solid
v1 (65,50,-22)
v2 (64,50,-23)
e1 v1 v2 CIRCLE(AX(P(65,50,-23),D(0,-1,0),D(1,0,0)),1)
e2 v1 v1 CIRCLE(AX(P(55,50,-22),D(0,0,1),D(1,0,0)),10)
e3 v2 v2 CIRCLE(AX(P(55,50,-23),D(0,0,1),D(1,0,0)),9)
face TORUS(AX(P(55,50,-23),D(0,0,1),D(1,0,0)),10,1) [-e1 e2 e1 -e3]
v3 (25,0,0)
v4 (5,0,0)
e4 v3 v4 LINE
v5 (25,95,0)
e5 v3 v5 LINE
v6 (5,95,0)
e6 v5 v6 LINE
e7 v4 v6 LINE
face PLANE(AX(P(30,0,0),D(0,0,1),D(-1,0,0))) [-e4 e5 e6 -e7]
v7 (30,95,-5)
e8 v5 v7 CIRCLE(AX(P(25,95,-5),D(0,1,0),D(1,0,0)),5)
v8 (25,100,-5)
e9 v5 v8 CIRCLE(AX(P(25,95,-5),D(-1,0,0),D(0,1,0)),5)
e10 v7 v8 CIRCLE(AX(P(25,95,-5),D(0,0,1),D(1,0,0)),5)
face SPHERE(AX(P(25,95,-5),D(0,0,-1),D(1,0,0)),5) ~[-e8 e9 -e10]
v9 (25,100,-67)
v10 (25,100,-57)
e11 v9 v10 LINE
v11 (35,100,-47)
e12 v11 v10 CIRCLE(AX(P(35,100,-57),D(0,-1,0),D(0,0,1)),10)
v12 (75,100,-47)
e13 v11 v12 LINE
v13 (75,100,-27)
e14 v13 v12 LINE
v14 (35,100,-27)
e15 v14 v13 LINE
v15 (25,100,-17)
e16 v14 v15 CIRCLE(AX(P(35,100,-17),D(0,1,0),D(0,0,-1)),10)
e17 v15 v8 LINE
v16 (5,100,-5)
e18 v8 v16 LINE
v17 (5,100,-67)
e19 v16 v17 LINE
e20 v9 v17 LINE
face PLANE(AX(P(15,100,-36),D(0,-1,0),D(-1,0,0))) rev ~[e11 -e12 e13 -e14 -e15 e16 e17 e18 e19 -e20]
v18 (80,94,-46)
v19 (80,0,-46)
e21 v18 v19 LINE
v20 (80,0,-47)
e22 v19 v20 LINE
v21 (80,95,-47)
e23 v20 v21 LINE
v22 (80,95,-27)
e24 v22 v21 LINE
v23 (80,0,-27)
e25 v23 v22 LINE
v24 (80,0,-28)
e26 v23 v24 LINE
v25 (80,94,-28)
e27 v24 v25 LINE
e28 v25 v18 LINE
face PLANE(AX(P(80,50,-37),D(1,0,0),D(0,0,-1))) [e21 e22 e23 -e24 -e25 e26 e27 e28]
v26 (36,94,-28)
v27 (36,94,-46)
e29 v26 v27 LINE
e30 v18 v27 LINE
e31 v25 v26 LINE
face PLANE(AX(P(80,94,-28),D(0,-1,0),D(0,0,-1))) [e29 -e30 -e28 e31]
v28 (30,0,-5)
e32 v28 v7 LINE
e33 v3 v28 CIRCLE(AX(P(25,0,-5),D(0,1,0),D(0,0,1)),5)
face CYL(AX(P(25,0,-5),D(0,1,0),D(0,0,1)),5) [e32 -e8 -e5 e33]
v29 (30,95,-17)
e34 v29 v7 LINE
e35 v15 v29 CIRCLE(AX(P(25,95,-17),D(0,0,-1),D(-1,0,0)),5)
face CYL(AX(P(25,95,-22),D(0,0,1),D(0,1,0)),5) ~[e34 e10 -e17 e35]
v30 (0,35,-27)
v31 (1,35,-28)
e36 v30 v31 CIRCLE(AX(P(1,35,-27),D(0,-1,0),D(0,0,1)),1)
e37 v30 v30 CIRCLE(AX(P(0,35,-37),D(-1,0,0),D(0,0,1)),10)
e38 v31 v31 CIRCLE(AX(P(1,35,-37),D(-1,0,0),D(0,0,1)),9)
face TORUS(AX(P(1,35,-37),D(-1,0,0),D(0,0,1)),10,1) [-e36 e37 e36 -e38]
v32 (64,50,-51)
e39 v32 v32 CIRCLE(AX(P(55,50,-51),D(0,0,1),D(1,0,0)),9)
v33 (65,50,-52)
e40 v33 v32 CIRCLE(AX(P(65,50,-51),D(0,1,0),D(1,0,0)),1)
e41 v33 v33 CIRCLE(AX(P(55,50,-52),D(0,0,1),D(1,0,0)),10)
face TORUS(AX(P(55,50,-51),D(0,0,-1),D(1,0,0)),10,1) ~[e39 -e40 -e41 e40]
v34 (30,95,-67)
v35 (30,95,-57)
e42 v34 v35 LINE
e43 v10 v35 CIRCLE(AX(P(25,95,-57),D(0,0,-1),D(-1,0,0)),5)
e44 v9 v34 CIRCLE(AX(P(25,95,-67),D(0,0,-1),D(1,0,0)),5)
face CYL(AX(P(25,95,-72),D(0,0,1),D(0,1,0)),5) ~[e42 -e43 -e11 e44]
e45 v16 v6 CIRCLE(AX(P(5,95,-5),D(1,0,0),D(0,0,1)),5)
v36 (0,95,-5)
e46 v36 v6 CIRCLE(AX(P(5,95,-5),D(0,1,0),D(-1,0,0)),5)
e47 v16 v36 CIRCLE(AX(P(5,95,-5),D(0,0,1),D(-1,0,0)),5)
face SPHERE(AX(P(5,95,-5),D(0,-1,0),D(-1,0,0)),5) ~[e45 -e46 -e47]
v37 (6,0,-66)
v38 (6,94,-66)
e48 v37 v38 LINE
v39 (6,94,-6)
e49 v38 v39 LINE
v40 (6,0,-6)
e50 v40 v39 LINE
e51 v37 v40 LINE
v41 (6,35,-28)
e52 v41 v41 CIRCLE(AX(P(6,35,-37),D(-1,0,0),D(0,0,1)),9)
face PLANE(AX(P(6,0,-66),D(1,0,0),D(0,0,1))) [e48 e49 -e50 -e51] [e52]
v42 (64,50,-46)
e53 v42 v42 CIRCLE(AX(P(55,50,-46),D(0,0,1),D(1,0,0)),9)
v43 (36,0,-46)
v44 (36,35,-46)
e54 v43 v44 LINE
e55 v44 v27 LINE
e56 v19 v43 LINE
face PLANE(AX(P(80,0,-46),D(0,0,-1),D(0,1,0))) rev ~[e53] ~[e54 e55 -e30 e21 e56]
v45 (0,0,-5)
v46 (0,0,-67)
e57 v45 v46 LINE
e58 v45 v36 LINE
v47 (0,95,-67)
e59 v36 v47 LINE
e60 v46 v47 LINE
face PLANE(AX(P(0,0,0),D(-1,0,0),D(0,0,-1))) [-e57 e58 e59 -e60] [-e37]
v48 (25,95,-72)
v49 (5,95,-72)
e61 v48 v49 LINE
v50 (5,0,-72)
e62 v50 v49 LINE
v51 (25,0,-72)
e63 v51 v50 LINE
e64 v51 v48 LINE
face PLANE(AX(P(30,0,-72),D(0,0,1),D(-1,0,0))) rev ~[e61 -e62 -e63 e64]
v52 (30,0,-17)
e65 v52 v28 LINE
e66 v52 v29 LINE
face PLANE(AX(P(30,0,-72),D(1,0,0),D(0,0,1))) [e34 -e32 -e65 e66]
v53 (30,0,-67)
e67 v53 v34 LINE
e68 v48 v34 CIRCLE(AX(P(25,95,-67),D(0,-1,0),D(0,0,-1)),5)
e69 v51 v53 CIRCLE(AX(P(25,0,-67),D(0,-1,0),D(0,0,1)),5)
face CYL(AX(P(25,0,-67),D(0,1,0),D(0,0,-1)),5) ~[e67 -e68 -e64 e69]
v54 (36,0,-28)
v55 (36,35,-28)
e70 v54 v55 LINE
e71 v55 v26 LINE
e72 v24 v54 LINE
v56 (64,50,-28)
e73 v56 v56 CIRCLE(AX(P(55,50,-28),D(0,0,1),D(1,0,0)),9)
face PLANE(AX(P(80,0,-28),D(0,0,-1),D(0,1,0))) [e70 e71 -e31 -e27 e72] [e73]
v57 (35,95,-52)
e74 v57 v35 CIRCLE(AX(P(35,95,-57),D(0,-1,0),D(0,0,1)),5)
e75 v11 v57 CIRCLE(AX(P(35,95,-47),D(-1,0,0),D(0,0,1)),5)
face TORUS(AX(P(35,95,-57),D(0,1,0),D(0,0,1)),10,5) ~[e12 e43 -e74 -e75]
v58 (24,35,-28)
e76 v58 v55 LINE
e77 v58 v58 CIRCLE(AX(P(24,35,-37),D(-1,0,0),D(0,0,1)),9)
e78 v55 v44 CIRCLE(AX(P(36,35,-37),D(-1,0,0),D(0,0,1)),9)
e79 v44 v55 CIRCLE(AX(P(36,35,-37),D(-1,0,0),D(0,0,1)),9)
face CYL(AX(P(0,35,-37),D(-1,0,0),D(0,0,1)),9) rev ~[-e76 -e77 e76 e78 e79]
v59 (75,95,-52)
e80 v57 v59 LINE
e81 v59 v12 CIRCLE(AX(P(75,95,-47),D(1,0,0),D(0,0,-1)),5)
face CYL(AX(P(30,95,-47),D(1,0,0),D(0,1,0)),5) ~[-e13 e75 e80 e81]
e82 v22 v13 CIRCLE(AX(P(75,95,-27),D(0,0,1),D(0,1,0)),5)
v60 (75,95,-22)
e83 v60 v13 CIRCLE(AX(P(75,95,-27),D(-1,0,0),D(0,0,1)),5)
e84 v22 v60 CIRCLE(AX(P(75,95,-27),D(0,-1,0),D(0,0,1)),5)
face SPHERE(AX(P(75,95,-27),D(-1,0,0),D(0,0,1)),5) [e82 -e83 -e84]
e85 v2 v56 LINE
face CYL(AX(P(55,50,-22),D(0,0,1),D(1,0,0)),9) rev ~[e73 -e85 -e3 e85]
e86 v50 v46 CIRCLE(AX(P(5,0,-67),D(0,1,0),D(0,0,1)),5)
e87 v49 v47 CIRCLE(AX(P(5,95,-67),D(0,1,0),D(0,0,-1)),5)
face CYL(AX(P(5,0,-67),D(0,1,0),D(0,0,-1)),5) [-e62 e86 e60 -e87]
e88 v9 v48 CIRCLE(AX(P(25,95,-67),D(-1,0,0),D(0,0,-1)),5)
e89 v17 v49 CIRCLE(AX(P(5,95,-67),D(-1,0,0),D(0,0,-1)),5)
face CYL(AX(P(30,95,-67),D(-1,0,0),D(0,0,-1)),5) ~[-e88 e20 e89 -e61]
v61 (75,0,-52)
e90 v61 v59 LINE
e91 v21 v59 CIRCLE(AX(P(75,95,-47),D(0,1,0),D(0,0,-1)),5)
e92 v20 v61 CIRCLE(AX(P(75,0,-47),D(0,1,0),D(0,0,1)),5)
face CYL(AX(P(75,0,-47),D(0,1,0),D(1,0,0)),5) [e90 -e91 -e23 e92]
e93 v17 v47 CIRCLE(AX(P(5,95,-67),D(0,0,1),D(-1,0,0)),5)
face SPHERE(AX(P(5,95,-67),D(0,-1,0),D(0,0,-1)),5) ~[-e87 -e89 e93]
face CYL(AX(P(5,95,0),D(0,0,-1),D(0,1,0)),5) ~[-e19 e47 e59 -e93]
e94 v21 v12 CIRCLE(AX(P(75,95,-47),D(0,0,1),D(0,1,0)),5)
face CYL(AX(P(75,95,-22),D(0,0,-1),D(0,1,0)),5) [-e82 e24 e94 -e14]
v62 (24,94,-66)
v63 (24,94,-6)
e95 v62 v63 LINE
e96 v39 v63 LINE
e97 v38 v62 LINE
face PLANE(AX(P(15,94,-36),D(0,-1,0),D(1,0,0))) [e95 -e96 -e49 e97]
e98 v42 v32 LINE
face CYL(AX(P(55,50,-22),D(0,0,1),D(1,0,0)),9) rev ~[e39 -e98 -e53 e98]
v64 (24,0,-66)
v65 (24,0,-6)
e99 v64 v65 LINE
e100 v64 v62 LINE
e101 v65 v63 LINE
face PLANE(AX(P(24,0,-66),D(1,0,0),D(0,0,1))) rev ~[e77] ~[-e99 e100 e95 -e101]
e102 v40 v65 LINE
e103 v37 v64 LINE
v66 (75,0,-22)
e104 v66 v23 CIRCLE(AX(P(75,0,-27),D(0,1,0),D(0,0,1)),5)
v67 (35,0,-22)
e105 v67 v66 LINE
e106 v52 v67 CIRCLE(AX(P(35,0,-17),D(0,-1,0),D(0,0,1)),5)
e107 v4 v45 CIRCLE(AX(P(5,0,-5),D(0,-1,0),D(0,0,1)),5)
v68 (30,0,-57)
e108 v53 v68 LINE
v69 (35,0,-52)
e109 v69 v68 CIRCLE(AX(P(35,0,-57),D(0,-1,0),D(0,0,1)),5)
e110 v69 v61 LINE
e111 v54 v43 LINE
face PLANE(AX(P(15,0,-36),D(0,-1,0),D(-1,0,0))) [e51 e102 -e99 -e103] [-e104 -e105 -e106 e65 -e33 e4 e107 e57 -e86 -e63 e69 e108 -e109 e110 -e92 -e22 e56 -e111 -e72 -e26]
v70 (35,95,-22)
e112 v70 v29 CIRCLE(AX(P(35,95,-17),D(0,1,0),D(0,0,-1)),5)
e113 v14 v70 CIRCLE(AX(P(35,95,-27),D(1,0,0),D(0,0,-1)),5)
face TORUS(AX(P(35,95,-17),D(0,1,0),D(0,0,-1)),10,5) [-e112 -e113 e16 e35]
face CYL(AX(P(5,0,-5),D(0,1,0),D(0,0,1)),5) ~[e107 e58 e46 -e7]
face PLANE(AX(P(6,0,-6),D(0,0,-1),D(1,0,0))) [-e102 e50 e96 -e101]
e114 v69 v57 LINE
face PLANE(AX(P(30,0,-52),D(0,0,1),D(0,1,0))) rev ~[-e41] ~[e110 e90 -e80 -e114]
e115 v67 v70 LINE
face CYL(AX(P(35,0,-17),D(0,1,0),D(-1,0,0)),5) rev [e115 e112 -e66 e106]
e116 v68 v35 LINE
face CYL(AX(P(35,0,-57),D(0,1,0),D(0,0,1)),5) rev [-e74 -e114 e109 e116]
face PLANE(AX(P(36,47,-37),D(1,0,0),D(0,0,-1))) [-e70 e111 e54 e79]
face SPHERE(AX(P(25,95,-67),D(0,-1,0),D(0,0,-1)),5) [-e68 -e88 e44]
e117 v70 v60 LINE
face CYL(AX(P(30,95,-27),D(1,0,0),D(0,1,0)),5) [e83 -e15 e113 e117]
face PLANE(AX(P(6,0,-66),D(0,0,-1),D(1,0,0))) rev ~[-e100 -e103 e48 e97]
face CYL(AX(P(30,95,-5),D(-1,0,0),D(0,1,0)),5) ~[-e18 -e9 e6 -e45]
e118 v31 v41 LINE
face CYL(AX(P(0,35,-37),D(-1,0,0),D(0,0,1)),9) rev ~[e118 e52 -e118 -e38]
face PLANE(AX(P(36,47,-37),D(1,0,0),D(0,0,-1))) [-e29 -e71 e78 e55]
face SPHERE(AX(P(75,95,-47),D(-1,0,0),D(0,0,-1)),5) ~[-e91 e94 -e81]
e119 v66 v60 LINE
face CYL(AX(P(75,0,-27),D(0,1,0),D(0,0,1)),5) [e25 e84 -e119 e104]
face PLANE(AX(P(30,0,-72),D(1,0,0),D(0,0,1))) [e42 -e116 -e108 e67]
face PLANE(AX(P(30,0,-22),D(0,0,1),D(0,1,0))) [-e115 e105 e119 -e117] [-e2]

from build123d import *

# Parameters (mm, degrees)
BOSS_EXTRUDE1_DEPTH     = 100
SKETCH2_W               = 30
SKETCH2_H               = 100
BOSS_EXTRUDE3_DEPTH     = 50
SKETCH6_W               = 18
SKETCH6_H               = 94
CUT_EXTRUDE1_DEPTH      = 44
SKETCH7_W               = 18
SKETCH7_H               = 60
CUT_EXTRUDE2_DEPTH      = 94
SKETCH8_R               = 9
CUT_EXTRUDE3_DEPTH      = 1
CUT_EXTRUDE3_DEPTH_BACK = 81
FILLET1_R               = 5
SKETCH9_R               = 9
CUT_EXTRUDE4_DEPTH      = 51
FILLET2_R               = 1


with BuildPart() as part:
    # Sketch1 → Boss-Extrude1 (new body)
    with BuildSketch(Plane(origin=(0, 0, 0), x_dir=(1, 0, 0), z_dir=(0, 1, 0))):
        Polygon((24, 72), (30, 72), (30, 0), (0, 0), (0, 72), (6, 72), align=None)
    extrude(amount=BOSS_EXTRUDE1_DEPTH)

    # Sketch2 → Boss-Extrude3 (add)
    with BuildSketch(Plane(origin=(30, 0, 0), x_dir=(0, 0, -1), z_dir=(1, 0, 0))):
        with Locations((37, 50)):
            Rectangle(SKETCH2_W, SKETCH2_H)
    extrude(amount=BOSS_EXTRUDE3_DEPTH)

    # Sketch6 → Cut-Extrude1 (cut)
    with BuildSketch(Plane(origin=(80, 0, 0), x_dir=(0, 0, -1), z_dir=(1, 0, 0))):
        with Locations((37, 47)):
            Rectangle(SKETCH6_W, SKETCH6_H)
    extrude(amount=-CUT_EXTRUDE1_DEPTH, mode=Mode.SUBTRACT)

    # Sketch7 → Cut-Extrude2 (cut)
    with BuildSketch(Plane.XZ):
        with Locations((15, -36)):
            Rectangle(SKETCH7_W, SKETCH7_H)
    extrude(amount=-CUT_EXTRUDE2_DEPTH, mode=Mode.SUBTRACT)

    # Sketch8 → Cut-Extrude3 (cut, two sides)
    with BuildSketch(Plane.ZY) as cut_extrude3_sk:
        with Locations((-37, 35)):
            Circle(SKETCH8_R)
    extrude(amount=CUT_EXTRUDE3_DEPTH, mode=Mode.SUBTRACT)
    extrude(cut_extrude3_sk.sketch, amount=-CUT_EXTRUDE3_DEPTH_BACK, mode=Mode.SUBTRACT)

    # Fillet1
    fillet1_edges = [part.edges().sort_by_distance(p)[0] for p in [
        (30, 100, -11),
        (0, 50, -72),
        (30, 50, -72),
        (30, 50, 0),
        (0, 50, 0),
        (15, 100, -72),
        (30, 100, -62),
        (30, 50, -22),
        (55, 100, -22),
        (30, 50, -52),
        (55, 100, -52),
        (80, 50, -22),
        (80, 50, -52),
        (80, 100, -37),
        (0, 100, -36),
        (15, 100, 0),
    ]]
    fillet(fillet1_edges, radius=FILLET1_R)

    # Sketch9 → Cut-Extrude4 (cut, through all)
    with BuildSketch(Plane.XY.offset(-22)):
        with Locations((55, 50)):
            Circle(SKETCH9_R)
    extrude(amount=-CUT_EXTRUDE4_DEPTH, mode=Mode.SUBTRACT)

    # Fillet2
    fillet2_edges = [part.edges().sort_by_distance(p)[0] for p in [
        (46, 50, -52),
        (46, 50, -22),
        (0, 35, -46),
    ]]
    fillet(fillet2_edges, radius=FILLET2_R)


solid = part.part
